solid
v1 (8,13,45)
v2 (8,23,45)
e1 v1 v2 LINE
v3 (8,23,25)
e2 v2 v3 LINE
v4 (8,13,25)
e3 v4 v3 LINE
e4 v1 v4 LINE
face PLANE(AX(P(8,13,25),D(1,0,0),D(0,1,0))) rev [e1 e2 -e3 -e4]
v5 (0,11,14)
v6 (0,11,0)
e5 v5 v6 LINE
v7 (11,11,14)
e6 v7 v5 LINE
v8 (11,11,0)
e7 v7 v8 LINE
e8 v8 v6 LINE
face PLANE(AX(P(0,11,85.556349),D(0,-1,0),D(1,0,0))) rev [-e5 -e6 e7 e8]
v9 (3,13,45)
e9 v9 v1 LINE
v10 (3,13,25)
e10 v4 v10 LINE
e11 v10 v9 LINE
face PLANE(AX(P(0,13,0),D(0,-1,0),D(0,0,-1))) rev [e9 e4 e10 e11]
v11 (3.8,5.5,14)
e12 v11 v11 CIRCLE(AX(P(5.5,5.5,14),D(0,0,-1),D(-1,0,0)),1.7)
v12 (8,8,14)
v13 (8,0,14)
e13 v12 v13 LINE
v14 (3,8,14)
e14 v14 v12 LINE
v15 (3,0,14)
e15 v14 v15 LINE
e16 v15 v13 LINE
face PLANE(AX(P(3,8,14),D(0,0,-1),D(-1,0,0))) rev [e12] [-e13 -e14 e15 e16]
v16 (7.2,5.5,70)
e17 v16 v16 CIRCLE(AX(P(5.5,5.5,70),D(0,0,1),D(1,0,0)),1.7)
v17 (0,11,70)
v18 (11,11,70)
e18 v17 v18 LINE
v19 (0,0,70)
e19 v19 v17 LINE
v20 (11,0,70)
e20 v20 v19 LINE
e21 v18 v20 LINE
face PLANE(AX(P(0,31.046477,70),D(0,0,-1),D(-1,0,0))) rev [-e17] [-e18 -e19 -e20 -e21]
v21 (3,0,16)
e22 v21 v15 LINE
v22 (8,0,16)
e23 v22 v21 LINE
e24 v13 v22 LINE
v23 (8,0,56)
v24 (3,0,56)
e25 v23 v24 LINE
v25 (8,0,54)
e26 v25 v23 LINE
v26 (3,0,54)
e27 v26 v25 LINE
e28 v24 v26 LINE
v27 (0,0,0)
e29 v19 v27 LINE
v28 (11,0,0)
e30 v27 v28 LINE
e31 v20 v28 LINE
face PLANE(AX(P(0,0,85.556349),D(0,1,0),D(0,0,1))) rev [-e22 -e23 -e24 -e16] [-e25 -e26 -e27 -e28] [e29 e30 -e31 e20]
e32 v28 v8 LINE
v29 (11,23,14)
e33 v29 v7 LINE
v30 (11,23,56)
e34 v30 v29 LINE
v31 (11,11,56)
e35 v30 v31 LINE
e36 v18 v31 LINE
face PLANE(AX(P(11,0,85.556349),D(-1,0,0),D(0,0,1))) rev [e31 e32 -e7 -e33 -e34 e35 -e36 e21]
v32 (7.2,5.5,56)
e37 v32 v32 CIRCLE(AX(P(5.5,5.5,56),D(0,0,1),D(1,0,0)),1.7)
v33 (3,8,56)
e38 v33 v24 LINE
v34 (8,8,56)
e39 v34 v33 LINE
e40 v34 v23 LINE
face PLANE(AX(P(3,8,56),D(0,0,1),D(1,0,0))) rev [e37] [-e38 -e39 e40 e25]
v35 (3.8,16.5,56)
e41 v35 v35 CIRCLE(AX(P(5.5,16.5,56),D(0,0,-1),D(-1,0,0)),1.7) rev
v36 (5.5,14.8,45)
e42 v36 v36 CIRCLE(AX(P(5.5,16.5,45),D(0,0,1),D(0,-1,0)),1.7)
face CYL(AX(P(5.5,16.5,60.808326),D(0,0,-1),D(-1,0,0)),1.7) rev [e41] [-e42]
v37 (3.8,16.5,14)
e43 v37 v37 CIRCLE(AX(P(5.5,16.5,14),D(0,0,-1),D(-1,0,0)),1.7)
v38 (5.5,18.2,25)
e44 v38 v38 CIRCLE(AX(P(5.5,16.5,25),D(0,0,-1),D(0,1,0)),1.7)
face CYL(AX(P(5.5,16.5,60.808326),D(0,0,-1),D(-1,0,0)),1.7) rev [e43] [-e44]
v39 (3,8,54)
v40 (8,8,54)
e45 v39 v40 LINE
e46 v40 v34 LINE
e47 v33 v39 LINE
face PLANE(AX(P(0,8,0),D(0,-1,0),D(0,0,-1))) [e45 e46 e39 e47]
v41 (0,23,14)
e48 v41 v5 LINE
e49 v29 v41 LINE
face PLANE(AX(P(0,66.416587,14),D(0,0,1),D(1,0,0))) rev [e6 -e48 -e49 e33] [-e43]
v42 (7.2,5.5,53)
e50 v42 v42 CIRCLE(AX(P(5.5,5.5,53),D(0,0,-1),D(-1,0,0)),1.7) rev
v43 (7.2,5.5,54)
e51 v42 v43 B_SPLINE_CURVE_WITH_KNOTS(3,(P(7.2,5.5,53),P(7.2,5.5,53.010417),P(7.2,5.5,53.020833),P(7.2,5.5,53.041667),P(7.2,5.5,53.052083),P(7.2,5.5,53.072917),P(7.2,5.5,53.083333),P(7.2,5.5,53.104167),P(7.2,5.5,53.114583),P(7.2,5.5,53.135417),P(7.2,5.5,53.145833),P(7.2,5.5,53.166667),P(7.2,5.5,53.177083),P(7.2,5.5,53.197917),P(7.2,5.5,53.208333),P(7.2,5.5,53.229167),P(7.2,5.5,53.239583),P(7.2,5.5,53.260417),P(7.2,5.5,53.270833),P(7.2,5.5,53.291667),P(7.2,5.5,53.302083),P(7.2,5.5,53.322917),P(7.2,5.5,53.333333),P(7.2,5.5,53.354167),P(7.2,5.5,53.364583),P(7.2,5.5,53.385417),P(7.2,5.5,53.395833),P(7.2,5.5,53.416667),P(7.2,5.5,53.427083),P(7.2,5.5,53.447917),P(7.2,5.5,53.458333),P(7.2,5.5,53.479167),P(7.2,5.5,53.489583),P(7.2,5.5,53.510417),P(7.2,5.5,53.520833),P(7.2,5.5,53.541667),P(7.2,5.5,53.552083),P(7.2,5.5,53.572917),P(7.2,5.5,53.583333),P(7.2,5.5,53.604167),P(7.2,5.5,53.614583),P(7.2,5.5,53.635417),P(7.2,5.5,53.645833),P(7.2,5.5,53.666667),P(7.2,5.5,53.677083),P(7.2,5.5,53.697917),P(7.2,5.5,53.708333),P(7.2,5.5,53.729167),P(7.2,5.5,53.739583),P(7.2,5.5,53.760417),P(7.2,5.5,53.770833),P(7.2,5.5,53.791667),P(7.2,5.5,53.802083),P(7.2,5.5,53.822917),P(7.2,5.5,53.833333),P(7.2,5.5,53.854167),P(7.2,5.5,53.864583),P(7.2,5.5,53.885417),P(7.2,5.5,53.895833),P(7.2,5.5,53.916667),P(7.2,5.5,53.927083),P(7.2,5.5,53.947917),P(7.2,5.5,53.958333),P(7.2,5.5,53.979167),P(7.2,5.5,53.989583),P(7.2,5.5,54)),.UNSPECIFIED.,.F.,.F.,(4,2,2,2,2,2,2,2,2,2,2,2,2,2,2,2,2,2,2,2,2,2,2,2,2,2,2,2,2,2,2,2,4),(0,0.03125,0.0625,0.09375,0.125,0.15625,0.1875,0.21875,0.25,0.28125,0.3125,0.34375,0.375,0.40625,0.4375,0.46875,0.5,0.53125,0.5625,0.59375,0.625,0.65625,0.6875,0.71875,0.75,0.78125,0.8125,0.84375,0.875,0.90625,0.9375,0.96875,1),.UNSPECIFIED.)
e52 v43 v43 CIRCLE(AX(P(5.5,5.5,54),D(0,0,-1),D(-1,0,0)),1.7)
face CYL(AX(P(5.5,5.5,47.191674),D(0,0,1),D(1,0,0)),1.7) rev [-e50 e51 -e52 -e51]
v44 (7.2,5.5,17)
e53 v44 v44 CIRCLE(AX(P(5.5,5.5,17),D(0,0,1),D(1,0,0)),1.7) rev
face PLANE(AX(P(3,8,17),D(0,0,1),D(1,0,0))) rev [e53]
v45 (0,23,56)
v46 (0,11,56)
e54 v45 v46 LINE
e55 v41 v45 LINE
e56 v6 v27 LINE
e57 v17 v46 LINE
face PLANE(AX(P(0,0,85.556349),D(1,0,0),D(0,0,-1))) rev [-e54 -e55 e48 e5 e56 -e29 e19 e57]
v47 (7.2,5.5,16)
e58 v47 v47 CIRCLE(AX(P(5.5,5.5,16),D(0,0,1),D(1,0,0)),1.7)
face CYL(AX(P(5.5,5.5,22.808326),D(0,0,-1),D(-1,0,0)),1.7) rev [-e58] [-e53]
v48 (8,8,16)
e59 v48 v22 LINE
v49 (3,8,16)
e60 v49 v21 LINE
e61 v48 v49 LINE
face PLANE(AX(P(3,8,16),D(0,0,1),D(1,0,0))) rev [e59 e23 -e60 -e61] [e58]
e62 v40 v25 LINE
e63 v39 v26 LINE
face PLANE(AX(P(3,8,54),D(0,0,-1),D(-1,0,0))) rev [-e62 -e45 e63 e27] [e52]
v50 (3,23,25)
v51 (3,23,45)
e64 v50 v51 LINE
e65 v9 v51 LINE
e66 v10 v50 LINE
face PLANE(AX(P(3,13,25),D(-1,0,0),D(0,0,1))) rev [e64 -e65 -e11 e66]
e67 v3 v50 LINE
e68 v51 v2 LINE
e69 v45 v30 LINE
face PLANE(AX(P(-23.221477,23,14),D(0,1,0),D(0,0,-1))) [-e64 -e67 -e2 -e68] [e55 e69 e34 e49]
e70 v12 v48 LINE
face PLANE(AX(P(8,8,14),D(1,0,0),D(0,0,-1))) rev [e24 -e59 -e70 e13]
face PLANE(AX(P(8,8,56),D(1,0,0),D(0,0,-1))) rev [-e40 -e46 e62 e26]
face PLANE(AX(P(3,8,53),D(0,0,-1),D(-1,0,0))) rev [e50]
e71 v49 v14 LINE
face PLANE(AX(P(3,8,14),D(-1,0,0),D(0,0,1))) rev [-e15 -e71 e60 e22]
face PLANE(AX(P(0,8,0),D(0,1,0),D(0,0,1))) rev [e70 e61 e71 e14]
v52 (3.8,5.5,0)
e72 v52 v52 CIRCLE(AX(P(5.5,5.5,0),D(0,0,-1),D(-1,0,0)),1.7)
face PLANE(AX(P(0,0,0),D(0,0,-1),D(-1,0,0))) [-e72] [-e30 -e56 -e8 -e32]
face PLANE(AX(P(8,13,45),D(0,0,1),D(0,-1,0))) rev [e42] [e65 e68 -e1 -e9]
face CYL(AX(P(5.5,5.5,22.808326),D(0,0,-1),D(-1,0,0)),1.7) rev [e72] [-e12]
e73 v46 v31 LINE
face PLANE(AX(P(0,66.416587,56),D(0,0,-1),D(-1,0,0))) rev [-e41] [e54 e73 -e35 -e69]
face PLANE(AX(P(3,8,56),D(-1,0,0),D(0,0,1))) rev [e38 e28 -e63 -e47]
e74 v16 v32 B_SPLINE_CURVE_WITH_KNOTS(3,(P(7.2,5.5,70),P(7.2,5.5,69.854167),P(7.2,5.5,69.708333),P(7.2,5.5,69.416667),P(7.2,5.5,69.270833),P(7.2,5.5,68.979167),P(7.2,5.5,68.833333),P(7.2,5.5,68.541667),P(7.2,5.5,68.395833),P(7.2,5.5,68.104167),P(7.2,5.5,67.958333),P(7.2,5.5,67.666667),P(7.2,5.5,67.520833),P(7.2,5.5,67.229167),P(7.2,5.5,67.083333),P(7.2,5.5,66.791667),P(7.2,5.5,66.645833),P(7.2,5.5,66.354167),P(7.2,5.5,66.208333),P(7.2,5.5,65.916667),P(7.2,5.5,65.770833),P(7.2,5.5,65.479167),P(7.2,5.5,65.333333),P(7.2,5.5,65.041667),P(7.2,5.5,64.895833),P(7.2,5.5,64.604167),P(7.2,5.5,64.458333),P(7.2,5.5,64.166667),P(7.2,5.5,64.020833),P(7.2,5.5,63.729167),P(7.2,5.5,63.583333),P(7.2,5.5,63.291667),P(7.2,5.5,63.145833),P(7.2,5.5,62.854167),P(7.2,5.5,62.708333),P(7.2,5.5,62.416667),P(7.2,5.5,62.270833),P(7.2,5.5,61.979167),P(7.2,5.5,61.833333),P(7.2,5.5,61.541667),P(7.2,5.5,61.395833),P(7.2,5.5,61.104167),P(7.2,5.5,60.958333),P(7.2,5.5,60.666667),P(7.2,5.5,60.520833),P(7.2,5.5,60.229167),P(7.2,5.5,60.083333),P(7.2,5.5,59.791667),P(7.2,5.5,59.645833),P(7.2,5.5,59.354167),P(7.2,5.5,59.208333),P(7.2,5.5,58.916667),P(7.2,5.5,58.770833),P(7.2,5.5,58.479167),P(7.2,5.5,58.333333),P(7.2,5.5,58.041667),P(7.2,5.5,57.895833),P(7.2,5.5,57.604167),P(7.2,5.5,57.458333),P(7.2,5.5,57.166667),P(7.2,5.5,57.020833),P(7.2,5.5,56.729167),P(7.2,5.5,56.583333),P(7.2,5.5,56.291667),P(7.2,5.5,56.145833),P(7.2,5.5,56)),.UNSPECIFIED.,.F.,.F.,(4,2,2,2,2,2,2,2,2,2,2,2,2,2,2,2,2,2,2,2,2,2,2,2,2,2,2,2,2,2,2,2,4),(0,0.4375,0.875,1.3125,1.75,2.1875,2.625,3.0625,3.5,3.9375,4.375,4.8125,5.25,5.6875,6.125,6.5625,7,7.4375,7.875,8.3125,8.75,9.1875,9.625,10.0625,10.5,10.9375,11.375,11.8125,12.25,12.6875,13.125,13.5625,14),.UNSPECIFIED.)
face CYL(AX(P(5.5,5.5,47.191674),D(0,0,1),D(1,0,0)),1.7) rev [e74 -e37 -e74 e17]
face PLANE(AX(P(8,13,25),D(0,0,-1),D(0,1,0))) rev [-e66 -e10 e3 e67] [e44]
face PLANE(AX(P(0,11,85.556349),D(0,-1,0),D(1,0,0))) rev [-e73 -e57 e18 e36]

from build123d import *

# Parameters (mm, degrees)
SKETCH1_W           = 11
SKETCH1_H           = 11
BOSS_EXTRUDE1_DEPTH = 70
SKETCH2_W           = 11
SKETCH2_H           = 42
BOSS_EXTRUDE2_DEPTH = 12
SKETCH3_W           = 5
SKETCH3_H           = 20
CUT_EXTRUDE1_DEPTH  = 10
CUT_EXTRUDE2_REACH  = 63.53
SKETCH4_R           = 1.7
SKETCH5_W           = 5
SKETCH5_H           = 2
CUT_EXTRUDE3_DEPTH  = 8
SKETCH6_R           = 1.7
CUT_EXTRUDE4_DEPTH  = 17
CUT_EXTRUDE5_START  = -17
SKETCH8_R           = 1.7
CUT_EXTRUDE5_DEPTH  = 17


with BuildPart() as part:
    # Sketch1 → Boss-Extrude1 (new body)
    with BuildSketch(Plane.XY):
        with Locations((5.5, 5.5)):
            Rectangle(SKETCH1_W, SKETCH1_H)
    extrude(amount=BOSS_EXTRUDE1_DEPTH)

    # Sketch2 → Boss-Extrude2 (add)
    with BuildSketch(Plane(origin=(0, 11, 0), x_dir=(1, 0, 0), z_dir=(0, 1, 0))):
        with Locations((5.5, -35)):
            Rectangle(SKETCH2_W, SKETCH2_H)
    extrude(amount=BOSS_EXTRUDE2_DEPTH)

    # Sketch3 → Cut-Extrude1 (cut)
    with BuildSketch(Plane(origin=(0, 23, 0), x_dir=(1, 0, 0), z_dir=(0, 1, 0))):
        with Locations((5.5, -35)):
            Rectangle(SKETCH3_W, SKETCH3_H)
    extrude(amount=-CUT_EXTRUDE1_DEPTH, mode=Mode.SUBTRACT)

    # Cut-Extrude2: up to this face of the body (flat: up to its plane)
    cut_extrude2_end = Plane(part.part.faces().sort_by_distance((5.5, 17, 56))[0])
    # Sketch4 → Cut-Extrude2 (cut, up to the picked face)
    with BuildSketch(Plane(origin=(0, 0, 14), x_dir=(-1, 0, 0), z_dir=(0, 0, -1)), mode=Mode.PRIVATE) as cut_extrude2_sk1:
        with Locations((-5.5, 16.5)):
            Circle(SKETCH4_R)
    cut_extrude2_tool1 = split(extrude(cut_extrude2_sk1.sketch, amount=-CUT_EXTRUDE2_REACH, mode=Mode.PRIVATE), bisect_by=cut_extrude2_end, keep=Keep.BOTH, mode=Mode.PRIVATE)
    add(cut_extrude2_tool1.solids().sort_by(Axis((5.5, 16.5, 14), (0, 0, 1)))[0], mode=Mode.SUBTRACT)

    # Sketch5 → Cut-Extrude3 (cut)
    with BuildSketch(Plane.XZ):
        with Locations((5.5, 55)):
            Rectangle(SKETCH5_W, SKETCH5_H)
        with Locations((5.5, 15)):
            Rectangle(SKETCH5_W, SKETCH5_H)
    extrude(amount=-CUT_EXTRUDE3_DEPTH, mode=Mode.SUBTRACT)

    # Sketch6 → Cut-Extrude4 (cut)
    with BuildSketch(Plane(origin=(0, 0, 0), x_dir=(-1, 0, 0), z_dir=(0, 0, -1))):
        with Locations((-5.5, 5.5)):
            Circle(SKETCH6_R)
    extrude(amount=-CUT_EXTRUDE4_DEPTH, mode=Mode.SUBTRACT)

    # Sketch8 → Cut-Extrude5 (cut)
    with BuildSketch(Plane.XY.offset(70).offset(CUT_EXTRUDE5_START)):
        with Locations(Location((5.5, 5.5, 0), (0, 0, 180))):
            Circle(SKETCH8_R)
    extrude(amount=CUT_EXTRUDE5_DEPTH, mode=Mode.SUBTRACT)


solid = part.part
